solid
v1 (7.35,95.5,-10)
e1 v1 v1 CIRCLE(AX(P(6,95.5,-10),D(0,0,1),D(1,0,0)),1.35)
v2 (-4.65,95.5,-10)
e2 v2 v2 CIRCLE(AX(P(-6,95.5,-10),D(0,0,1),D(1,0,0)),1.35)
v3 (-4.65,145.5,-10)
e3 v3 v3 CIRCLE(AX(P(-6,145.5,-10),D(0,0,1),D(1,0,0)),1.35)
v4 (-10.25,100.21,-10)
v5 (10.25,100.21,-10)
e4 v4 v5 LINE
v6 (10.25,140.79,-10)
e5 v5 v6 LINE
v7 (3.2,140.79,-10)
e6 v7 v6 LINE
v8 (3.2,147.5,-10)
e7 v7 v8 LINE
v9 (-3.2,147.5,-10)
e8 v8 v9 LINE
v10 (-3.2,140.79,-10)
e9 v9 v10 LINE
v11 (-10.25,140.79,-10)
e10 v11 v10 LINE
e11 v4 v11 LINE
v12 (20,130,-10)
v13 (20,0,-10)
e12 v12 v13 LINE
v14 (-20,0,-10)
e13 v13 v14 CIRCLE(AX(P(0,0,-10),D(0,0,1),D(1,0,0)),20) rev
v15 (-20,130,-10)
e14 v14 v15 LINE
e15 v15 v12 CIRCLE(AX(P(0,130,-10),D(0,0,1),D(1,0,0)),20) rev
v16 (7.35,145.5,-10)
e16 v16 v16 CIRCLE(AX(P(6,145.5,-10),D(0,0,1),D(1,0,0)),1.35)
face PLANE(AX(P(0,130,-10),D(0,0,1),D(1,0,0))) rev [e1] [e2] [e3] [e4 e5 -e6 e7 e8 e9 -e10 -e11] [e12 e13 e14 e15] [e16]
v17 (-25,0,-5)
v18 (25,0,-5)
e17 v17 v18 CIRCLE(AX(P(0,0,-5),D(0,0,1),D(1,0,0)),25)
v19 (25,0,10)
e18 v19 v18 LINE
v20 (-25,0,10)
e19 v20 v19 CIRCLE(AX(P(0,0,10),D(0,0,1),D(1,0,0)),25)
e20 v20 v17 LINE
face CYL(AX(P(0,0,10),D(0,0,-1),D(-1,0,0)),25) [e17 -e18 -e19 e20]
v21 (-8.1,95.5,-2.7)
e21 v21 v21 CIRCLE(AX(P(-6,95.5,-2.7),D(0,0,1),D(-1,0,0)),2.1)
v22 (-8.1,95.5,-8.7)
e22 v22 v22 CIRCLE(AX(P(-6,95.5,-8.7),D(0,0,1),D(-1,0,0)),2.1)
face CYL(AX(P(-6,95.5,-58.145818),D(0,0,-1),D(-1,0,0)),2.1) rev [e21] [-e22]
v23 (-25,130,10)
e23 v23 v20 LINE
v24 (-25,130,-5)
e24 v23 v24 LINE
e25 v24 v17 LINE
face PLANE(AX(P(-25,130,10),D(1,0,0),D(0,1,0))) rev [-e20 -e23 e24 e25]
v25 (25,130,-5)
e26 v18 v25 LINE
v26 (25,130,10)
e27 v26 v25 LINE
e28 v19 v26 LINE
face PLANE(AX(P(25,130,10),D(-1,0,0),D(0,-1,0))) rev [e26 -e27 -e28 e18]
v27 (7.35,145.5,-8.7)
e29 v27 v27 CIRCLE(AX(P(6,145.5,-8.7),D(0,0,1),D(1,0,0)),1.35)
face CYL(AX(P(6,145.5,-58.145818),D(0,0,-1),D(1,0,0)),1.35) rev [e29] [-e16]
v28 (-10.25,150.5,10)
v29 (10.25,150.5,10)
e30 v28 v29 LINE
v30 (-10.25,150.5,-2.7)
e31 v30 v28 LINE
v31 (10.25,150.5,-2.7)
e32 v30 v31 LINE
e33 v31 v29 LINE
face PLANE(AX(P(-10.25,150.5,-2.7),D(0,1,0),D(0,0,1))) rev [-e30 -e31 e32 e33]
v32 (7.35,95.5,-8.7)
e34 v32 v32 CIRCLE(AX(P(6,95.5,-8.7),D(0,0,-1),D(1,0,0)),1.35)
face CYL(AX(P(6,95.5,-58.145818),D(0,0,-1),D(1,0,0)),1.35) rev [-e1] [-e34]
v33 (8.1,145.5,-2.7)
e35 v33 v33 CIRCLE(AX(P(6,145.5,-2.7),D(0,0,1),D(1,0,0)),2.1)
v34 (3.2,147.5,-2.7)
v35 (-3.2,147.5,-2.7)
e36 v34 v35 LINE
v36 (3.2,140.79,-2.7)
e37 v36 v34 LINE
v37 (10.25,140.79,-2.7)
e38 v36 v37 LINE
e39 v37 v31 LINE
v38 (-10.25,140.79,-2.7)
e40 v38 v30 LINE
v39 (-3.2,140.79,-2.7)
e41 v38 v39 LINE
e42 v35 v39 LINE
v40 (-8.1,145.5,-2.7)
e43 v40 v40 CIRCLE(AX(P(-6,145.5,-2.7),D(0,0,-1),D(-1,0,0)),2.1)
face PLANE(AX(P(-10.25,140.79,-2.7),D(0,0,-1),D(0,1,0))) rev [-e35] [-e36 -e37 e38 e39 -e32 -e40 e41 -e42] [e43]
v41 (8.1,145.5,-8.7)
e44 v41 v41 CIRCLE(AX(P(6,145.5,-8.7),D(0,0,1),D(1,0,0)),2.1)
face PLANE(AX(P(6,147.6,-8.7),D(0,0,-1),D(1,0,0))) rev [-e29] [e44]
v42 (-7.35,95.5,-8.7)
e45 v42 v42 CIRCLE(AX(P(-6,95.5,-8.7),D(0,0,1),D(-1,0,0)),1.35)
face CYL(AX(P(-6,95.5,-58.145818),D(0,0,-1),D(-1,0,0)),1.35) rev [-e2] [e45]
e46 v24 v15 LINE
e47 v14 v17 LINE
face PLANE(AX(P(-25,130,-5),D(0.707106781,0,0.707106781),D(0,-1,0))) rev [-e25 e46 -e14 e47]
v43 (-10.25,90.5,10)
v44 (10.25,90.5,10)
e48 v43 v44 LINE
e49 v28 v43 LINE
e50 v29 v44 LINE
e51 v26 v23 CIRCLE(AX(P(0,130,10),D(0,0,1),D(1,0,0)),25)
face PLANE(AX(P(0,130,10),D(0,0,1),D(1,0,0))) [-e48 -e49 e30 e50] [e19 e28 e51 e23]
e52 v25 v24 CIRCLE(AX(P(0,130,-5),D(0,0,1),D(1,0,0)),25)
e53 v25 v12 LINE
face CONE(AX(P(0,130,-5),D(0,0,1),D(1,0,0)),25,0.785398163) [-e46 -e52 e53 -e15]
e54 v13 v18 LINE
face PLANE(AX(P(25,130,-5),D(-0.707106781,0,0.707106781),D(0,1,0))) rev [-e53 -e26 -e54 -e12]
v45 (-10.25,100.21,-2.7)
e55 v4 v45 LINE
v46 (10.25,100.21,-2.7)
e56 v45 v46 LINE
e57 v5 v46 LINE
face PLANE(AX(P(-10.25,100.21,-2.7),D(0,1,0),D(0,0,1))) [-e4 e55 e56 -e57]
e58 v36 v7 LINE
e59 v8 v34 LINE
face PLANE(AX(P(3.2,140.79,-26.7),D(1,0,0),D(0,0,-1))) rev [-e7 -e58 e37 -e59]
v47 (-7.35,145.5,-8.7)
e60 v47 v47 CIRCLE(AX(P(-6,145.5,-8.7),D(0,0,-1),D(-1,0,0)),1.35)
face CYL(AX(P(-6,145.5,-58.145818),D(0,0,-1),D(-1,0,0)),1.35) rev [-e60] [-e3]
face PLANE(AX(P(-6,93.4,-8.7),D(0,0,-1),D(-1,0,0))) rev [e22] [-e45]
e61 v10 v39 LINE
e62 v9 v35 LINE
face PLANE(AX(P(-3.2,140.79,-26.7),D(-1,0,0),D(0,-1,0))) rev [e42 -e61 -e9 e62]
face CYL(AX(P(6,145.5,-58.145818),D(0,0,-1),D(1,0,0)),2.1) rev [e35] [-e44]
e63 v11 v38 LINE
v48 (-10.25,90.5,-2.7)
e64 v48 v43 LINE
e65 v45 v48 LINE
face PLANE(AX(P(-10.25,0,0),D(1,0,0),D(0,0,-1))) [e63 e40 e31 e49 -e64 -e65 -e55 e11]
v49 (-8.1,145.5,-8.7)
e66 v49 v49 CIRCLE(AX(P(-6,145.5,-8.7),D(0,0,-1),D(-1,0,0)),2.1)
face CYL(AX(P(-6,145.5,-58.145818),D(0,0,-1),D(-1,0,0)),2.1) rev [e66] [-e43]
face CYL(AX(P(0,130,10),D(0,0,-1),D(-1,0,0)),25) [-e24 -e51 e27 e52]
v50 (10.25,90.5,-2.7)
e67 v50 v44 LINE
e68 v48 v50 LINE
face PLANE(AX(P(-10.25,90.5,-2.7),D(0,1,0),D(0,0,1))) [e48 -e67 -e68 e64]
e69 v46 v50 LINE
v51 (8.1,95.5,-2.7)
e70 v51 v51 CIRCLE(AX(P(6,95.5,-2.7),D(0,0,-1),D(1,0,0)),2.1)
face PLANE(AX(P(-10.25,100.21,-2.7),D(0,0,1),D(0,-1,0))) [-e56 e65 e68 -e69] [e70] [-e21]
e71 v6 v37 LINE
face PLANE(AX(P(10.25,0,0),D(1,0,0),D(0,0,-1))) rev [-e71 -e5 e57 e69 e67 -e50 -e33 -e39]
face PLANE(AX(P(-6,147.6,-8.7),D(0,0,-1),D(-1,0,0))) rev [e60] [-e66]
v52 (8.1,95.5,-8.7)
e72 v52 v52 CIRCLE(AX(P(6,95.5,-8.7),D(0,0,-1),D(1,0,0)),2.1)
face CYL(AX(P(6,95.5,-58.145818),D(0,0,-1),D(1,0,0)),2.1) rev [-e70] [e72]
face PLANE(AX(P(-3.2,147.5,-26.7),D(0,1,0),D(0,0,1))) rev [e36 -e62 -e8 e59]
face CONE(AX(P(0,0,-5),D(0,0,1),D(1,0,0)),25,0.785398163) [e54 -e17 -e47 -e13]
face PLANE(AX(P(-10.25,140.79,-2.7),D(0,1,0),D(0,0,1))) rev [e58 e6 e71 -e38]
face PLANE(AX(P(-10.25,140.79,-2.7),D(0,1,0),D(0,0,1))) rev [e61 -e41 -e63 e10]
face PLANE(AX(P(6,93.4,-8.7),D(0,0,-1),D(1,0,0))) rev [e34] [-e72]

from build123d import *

# Parameters (mm, degrees)
BOSS_EXTRUDE1_DEPTH = 10
CHAMFER1_SIZE       = 5
CUT_EXTRUDE1_DEPTH  = 10.25
SKETCH5_W           = 6.4
SKETCH5_H           = 6.71
CUT_EXTRUDE2_DEPTH  = 24


with BuildPart() as part:
    # Sketch1 → Boss-Extrude1 (new, symmetric)
    with BuildSketch(Plane.XY):
        with BuildLine():
            Line((25, 130), (25, 0))
            ThreePointArc((25, 0), (0, -25), (-25, 0))
            Line((-25, 0), (-25, 130))
            ThreePointArc((-25, 130), (0, 155), (25, 130))
        make_face()
    extrude(amount=BOSS_EXTRUDE1_DEPTH, both=True)

    # Chamfer1
    chamfer1_edges = [part.edges().sort_by_distance(p)[0] for p in [
        (25, 65, -10),
        (0, -25, -10),
        (-25, 65, -10),
        (0, 155, -10),
    ]]
    chamfer(chamfer1_edges, length=CHAMFER1_SIZE)

    # Sketch3 → Cut-Extrude1 (cut, symmetric)
    with BuildSketch(Plane(origin=(0, 0, 0), x_dir=(0, 0, -1), z_dir=(1, 0, 0))):
        Polygon((2.7, 140.79), (2.7, 150.5), (-10, 150.5), (-10, 120.5), (10, 120.5), (10, 140.79), align=None)
    cut_extrude1 = extrude(amount=CUT_EXTRUDE1_DEPTH, both=True, mode=Mode.SUBTRACT)

    # Sketch4 → Cut-Revolve1 (revolve, cut)
    with BuildSketch(Plane(origin=(-6, 0, 0), x_dir=(0, 0, -1), z_dir=(1, 0, 0)), mode=Mode.PRIVATE) as cut_revolve1_sk:
        Polygon((2.7, 145.5), (12.7, 145.5), (12.7, 146.85), (8.7, 146.85), (8.7, 147.6), (2.7, 147.6), align=None)
    cut_revolve1 = revolve(cut_revolve1_sk.sketch.rotate(Axis((-6, 145.5, -58.145818423), (0, 0, 1)), 90), axis=Axis((-6, 145.5, -58.145818423), (0, 0, 1)), mode=Mode.SUBTRACT)

    # Mirror1: Cut-Revolve1 across plane
    add(cut_revolve1.mirror(Plane(origin=(0, 0, 0), x_dir=(0, 0, 1), z_dir=(1, 0, 0))), mode=Mode.SUBTRACT)

    # Mirror2: Cut-Extrude1, Cut-Revolve1 across plane
    add(cut_extrude1.mirror(Plane(origin=(-10.25, 120.5, -10), x_dir=(0, 0, 1), z_dir=(0, -1, 0))), mode=Mode.SUBTRACT)
    add(cut_revolve1.mirror(Plane(origin=(-10.25, 120.5, -10), x_dir=(0, 0, 1), z_dir=(0, -1, 0))), mode=Mode.SUBTRACT)

    # Mirror2 copy 1 sketch → Mirror2 copy 1 (revolve, cut)
    with BuildSketch(Plane(origin=(6, 241, 0), x_dir=(0, 0, -1), z_dir=(-1, 0, 0))):
        Polygon((2.7, 145.5), (12.7, 145.5), (12.7, 146.85), (8.7, 146.85), (8.7, 147.6), (2.7, 147.6), align=None)
    revolve(axis=Axis((6, 95.5, -58.145818423), (0, 0, 1)), mode=Mode.SUBTRACT)

    # Sketch5 → Cut-Extrude2 (cut)
    with BuildSketch(Plane.XY.offset(-2.7)):
        with Locations((0, 144.145)):
            Rectangle(SKETCH5_W, SKETCH5_H)
    extrude(amount=-CUT_EXTRUDE2_DEPTH, mode=Mode.SUBTRACT)


solid = part.part
